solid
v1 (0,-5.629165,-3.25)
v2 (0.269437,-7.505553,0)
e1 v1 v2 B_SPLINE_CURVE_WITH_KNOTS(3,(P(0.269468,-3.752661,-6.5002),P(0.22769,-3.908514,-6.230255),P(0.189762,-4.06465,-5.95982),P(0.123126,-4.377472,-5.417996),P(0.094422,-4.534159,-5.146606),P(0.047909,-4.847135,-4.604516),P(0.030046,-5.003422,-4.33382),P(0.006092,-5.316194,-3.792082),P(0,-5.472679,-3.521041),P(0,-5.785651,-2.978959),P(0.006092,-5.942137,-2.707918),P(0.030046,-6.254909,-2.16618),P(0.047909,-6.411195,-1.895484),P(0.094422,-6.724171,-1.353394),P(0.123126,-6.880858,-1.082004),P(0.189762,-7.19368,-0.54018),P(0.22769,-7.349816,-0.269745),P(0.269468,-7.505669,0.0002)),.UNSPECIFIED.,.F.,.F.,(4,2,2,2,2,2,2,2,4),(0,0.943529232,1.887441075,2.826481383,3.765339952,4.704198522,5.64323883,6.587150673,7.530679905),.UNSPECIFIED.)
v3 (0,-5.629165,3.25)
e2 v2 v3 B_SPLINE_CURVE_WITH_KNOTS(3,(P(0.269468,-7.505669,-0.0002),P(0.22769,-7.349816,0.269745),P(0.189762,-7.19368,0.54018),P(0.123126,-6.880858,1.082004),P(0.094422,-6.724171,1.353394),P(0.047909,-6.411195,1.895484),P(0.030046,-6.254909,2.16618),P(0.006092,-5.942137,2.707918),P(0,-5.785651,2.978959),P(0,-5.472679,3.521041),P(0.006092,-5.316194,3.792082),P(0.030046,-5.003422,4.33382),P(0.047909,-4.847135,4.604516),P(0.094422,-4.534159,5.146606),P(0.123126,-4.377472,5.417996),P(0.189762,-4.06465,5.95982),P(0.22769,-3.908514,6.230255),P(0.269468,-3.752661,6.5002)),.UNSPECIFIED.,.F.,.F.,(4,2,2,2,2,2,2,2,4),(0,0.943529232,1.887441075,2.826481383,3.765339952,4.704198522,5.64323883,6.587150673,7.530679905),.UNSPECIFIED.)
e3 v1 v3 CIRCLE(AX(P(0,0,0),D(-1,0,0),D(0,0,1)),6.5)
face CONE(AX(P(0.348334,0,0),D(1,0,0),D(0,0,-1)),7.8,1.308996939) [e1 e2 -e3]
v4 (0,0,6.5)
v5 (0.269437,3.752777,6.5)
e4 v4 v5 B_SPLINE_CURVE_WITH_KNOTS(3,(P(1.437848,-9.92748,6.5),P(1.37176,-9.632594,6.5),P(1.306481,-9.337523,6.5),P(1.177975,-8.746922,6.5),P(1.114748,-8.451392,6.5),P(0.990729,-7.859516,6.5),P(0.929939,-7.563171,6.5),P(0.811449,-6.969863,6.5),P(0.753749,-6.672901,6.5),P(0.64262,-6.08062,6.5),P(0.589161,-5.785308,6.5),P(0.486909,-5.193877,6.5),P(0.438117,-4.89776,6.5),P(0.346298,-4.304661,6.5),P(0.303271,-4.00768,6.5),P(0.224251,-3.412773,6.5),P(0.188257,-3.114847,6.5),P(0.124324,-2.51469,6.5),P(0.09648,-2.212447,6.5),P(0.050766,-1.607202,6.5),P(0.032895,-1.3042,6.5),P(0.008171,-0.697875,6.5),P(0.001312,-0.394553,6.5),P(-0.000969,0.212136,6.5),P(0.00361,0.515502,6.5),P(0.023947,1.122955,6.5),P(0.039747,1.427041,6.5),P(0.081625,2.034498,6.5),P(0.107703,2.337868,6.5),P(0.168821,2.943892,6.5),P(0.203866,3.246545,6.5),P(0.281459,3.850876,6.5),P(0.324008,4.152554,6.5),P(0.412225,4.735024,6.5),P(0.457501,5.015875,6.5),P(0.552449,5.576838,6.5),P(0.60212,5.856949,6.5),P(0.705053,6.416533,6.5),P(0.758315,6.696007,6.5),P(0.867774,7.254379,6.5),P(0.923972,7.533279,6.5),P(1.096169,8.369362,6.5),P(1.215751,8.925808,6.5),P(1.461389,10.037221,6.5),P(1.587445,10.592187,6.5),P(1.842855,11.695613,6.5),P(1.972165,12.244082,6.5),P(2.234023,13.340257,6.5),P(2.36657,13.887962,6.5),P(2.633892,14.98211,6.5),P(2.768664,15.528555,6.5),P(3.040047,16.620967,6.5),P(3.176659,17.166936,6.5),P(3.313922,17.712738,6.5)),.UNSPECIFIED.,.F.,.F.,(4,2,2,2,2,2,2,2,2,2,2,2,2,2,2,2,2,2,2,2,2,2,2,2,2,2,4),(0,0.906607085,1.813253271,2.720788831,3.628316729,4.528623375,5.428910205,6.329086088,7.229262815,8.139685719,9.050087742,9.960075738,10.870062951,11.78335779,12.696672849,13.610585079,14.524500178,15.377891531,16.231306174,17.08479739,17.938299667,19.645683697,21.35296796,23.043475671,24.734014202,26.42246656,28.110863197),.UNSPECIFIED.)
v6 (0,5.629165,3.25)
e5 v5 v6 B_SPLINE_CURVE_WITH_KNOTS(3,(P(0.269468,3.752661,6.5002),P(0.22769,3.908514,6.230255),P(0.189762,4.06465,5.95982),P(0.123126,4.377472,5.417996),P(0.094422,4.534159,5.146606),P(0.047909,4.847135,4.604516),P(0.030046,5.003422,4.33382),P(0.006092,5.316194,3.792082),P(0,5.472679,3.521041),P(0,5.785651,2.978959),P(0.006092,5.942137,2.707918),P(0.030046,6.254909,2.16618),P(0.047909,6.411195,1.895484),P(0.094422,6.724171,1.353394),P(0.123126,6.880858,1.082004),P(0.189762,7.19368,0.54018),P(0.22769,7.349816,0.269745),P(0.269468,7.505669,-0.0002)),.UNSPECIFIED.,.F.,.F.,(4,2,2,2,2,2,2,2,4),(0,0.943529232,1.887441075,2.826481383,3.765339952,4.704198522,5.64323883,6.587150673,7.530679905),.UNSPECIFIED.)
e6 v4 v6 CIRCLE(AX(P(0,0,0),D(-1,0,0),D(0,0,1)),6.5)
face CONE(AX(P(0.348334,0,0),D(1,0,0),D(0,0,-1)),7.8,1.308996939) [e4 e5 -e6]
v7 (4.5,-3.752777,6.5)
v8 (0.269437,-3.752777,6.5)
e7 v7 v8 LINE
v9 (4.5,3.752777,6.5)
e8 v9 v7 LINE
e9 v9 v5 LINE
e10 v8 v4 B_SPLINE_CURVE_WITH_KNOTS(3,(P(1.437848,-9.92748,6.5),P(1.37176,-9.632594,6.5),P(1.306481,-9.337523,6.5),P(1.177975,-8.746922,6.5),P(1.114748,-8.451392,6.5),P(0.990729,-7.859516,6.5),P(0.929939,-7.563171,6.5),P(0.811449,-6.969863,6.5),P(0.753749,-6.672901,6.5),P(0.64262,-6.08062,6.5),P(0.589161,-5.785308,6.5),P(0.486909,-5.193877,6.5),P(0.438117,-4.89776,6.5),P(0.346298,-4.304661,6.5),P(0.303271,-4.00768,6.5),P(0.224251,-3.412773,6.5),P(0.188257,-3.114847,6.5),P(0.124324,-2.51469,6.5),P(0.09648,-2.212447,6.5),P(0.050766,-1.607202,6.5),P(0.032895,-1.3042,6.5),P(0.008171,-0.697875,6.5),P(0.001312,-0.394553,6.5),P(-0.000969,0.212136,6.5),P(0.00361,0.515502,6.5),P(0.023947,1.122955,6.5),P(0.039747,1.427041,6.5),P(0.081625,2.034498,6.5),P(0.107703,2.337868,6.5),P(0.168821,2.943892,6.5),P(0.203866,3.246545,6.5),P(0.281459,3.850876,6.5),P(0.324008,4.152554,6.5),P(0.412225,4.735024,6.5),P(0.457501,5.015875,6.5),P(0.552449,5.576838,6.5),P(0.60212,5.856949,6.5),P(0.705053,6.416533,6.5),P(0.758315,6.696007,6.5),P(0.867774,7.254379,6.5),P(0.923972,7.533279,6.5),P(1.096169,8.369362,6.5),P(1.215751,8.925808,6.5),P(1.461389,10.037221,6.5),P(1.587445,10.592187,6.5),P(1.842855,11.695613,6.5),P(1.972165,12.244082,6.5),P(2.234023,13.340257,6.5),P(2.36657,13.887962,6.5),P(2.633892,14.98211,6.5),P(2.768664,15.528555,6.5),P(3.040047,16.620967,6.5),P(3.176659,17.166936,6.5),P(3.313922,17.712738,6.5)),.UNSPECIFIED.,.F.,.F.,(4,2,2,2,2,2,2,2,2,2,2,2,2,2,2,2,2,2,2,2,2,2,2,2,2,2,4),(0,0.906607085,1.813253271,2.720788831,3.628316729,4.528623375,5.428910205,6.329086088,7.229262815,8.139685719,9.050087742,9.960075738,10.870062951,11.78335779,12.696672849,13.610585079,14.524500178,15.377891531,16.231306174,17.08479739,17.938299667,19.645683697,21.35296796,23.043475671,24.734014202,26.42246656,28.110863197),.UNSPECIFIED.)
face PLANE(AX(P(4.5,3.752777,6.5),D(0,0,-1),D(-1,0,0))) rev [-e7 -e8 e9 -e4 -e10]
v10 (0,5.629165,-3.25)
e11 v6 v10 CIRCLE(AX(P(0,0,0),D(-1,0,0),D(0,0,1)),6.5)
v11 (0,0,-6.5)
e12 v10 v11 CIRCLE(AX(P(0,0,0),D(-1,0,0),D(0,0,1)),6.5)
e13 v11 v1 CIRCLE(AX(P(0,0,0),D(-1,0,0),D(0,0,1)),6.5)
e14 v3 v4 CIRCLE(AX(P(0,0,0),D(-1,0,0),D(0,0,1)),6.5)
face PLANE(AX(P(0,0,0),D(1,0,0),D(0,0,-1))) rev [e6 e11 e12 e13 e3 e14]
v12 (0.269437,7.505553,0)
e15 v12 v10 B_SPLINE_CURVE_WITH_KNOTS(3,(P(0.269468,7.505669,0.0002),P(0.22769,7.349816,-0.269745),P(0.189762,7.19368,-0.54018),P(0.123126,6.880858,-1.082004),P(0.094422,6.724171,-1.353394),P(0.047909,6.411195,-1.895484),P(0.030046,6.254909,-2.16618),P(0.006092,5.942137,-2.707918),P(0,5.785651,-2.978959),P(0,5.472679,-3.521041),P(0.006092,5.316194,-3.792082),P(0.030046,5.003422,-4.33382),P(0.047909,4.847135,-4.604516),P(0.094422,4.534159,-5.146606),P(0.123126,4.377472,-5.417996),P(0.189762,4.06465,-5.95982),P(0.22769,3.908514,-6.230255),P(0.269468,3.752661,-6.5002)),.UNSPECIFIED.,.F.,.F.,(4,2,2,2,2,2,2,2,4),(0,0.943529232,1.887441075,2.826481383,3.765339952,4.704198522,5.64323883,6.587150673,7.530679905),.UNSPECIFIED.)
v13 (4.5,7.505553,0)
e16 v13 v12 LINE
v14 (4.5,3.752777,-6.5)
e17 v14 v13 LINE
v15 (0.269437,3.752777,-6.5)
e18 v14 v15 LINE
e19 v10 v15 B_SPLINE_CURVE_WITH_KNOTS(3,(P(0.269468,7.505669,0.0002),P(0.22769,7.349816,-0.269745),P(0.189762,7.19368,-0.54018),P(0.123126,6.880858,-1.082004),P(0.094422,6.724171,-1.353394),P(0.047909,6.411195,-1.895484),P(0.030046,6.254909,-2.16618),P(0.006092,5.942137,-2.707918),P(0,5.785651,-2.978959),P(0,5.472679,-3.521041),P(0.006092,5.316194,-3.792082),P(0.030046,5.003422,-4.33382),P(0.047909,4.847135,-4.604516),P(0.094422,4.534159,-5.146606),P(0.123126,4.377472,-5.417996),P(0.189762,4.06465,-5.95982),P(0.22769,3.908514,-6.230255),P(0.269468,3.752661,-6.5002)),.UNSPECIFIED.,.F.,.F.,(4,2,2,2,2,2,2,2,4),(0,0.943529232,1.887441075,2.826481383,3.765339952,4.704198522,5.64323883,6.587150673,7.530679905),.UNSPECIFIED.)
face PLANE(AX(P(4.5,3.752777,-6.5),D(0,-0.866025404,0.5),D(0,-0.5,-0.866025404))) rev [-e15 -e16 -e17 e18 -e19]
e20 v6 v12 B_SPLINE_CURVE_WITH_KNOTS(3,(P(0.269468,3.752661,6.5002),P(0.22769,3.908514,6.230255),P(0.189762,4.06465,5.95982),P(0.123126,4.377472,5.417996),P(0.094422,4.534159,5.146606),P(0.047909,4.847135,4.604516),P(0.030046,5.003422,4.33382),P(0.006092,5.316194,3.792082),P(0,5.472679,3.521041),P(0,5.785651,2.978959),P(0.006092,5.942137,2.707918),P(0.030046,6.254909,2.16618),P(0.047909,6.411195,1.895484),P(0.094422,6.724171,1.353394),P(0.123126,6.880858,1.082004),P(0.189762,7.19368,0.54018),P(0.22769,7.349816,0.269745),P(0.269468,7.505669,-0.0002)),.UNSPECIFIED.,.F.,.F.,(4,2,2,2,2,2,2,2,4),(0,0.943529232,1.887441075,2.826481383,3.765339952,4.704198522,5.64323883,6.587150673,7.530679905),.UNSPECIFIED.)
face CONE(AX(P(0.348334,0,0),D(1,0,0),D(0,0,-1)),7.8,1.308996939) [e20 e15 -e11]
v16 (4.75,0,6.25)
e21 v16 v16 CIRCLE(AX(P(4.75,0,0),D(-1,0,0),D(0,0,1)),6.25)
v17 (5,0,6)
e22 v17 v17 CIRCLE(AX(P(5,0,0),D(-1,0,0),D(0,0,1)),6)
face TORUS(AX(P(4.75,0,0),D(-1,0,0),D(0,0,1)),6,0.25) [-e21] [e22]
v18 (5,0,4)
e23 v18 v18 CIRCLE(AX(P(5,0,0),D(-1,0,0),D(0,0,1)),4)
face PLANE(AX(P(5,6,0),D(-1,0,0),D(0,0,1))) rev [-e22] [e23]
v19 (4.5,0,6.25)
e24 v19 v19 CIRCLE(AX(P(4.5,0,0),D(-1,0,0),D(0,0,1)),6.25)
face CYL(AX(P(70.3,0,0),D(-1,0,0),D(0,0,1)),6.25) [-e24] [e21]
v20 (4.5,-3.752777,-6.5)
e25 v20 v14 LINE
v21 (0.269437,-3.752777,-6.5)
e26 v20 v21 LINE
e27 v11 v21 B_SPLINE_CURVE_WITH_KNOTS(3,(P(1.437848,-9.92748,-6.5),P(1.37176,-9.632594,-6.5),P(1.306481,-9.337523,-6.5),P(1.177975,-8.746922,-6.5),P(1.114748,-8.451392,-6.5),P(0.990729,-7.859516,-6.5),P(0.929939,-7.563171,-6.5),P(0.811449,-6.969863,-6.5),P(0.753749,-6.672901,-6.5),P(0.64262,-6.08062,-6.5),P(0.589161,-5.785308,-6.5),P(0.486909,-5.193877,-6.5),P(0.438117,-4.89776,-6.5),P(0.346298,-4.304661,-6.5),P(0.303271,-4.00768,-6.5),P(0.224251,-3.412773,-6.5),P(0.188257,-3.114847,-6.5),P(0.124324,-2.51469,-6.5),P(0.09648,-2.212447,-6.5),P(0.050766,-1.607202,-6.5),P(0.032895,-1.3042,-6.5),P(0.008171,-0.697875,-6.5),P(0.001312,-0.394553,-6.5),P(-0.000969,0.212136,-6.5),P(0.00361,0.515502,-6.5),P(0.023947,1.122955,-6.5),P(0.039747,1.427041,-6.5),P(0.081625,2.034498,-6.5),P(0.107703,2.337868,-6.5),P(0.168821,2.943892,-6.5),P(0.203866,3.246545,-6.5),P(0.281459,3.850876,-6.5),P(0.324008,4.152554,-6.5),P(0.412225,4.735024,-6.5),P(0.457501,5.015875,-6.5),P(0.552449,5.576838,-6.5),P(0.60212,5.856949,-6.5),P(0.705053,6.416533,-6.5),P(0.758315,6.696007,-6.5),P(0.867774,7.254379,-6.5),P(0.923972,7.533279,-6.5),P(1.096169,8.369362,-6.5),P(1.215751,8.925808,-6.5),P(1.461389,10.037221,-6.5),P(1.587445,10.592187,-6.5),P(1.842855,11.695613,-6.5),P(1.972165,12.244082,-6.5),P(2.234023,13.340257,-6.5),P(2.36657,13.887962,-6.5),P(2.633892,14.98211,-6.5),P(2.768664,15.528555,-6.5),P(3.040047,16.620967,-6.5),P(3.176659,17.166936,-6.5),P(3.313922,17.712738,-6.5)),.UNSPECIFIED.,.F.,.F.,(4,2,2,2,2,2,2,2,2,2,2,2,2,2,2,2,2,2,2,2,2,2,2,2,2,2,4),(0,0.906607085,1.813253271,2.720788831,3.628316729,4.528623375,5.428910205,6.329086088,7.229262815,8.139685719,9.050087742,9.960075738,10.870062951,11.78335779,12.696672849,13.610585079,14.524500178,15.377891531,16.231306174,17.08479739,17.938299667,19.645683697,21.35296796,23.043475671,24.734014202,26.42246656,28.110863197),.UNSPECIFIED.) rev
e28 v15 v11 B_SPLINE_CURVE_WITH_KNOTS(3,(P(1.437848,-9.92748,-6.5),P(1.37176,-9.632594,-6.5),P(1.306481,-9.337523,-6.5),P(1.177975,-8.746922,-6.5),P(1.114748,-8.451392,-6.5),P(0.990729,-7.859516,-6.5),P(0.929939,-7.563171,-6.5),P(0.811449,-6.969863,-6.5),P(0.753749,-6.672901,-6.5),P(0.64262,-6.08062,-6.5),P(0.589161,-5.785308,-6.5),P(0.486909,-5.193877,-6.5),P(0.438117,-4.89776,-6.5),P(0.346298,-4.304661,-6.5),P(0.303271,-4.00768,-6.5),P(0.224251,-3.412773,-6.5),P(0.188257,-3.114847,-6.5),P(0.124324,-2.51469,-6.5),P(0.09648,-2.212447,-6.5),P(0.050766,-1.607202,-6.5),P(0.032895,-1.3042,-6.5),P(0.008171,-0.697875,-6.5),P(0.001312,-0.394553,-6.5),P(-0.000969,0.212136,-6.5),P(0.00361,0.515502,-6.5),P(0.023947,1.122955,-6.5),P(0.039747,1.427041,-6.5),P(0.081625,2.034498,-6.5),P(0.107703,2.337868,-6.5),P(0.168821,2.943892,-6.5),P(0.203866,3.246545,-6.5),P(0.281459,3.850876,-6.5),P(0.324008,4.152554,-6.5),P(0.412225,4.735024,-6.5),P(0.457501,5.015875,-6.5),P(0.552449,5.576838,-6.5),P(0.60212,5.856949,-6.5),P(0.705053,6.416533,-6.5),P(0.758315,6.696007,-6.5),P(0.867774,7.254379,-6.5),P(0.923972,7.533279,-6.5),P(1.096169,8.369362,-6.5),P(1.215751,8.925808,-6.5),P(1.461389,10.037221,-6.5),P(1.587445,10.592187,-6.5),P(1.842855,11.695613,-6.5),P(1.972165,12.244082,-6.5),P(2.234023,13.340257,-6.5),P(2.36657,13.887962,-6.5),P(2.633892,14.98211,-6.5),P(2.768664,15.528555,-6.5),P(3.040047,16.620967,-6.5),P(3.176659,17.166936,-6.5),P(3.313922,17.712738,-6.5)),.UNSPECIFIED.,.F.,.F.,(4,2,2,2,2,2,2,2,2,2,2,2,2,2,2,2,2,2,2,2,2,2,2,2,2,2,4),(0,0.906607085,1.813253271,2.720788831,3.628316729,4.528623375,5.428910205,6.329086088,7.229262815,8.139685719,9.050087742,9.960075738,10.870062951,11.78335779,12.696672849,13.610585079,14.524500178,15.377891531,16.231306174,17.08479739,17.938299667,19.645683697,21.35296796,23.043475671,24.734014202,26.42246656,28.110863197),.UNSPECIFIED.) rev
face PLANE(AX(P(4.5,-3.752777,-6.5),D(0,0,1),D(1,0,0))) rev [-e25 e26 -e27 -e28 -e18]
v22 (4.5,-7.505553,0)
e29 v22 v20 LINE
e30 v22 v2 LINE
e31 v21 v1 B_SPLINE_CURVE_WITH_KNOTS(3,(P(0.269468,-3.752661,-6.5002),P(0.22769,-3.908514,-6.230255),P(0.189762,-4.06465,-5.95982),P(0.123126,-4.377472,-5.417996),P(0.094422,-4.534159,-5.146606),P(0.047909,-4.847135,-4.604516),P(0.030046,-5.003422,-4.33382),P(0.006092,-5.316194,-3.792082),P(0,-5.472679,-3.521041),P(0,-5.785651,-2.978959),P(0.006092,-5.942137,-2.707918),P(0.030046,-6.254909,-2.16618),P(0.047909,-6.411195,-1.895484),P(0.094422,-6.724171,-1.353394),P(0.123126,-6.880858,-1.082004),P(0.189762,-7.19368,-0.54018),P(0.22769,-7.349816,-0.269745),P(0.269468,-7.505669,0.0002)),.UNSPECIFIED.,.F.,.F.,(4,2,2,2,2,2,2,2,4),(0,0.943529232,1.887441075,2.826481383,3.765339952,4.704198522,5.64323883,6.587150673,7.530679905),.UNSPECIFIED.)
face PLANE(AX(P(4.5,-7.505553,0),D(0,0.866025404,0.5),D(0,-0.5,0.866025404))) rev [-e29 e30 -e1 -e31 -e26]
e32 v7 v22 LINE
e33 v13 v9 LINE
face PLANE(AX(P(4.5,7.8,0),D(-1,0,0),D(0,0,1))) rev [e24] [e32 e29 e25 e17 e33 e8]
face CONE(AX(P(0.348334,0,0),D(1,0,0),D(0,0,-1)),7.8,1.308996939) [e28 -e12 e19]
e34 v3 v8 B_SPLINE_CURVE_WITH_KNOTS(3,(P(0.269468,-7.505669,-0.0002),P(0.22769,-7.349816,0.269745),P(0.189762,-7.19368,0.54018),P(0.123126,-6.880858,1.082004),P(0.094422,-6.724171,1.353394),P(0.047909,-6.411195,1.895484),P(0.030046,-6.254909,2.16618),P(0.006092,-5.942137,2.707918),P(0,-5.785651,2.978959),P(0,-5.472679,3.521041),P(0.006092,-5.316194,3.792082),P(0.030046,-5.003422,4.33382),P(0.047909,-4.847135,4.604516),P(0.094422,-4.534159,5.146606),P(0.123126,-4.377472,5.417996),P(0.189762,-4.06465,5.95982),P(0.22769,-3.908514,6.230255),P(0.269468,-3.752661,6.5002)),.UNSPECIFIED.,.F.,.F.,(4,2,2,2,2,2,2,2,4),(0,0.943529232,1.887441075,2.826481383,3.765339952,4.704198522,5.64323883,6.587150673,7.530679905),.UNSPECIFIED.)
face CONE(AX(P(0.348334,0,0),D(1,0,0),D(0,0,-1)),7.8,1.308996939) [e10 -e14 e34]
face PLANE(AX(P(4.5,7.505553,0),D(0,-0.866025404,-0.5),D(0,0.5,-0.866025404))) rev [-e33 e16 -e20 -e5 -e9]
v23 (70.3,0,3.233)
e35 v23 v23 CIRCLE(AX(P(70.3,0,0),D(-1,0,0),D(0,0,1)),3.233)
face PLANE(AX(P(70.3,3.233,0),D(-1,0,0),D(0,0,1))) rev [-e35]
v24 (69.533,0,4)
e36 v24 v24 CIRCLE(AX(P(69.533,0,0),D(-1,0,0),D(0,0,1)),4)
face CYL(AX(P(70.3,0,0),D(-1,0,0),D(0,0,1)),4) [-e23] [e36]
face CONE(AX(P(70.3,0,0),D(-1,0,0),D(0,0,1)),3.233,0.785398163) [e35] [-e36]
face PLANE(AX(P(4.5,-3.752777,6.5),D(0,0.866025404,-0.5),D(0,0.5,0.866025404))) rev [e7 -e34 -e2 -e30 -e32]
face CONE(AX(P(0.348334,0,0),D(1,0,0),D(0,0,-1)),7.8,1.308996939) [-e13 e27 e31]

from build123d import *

# Parameters (mm, degrees)
SKETCH_2_W          = 52
SKETCH_2_H          = 52
CUT_EXTRUDE_1_DEPTH = 4.5


with BuildPart() as part:
    # 草图1 → 旋转1 (revolve)
    with BuildSketch(Plane.XY):
        with BuildLine():
            Line((0, 0), (0, 6.5))
            Line((0, 6.5), (0.34833395, 7.8))
            Line((0.34833395, 7.8), (4.5, 7.8))
            Line((4.5, 7.8), (4.5, 6.25))
            Line((4.5, 6.25), (4.75, 6.25))
            ThreePointArc((4.75, 6.25), (4.926776695, 6.176776695), (5, 6))
            Line((5, 6), (5, 4))
            Line((5, 4), (69.533, 4))
            Line((69.533, 4), (70.3, 3.233))
            Line((70.3, 3.233), (70.3, 0))
            Line((70.3, 0), (0, 0))
        make_face()
    revolve(axis=Axis((70.3, 0, 0), (-1, 0, 0)))

    # 草图2 → 切除-拉伸1 (cut)
    with BuildSketch(Plane(origin=(0, 0, 0), x_dir=(0, 0, -1), z_dir=(1, 0, 0))):
        Rectangle(SKETCH_2_W, SKETCH_2_H)
        Polygon((-6.5, 3.75277675), (-6.5, -3.75277675), (0, -7.505553499), (6.5, -3.75277675), (6.5, 3.75277675), (0, 7.505553499), align=None, mode=Mode.SUBTRACT)
    extrude(amount=CUT_EXTRUDE_1_DEPTH, mode=Mode.SUBTRACT)


solid = part.part
